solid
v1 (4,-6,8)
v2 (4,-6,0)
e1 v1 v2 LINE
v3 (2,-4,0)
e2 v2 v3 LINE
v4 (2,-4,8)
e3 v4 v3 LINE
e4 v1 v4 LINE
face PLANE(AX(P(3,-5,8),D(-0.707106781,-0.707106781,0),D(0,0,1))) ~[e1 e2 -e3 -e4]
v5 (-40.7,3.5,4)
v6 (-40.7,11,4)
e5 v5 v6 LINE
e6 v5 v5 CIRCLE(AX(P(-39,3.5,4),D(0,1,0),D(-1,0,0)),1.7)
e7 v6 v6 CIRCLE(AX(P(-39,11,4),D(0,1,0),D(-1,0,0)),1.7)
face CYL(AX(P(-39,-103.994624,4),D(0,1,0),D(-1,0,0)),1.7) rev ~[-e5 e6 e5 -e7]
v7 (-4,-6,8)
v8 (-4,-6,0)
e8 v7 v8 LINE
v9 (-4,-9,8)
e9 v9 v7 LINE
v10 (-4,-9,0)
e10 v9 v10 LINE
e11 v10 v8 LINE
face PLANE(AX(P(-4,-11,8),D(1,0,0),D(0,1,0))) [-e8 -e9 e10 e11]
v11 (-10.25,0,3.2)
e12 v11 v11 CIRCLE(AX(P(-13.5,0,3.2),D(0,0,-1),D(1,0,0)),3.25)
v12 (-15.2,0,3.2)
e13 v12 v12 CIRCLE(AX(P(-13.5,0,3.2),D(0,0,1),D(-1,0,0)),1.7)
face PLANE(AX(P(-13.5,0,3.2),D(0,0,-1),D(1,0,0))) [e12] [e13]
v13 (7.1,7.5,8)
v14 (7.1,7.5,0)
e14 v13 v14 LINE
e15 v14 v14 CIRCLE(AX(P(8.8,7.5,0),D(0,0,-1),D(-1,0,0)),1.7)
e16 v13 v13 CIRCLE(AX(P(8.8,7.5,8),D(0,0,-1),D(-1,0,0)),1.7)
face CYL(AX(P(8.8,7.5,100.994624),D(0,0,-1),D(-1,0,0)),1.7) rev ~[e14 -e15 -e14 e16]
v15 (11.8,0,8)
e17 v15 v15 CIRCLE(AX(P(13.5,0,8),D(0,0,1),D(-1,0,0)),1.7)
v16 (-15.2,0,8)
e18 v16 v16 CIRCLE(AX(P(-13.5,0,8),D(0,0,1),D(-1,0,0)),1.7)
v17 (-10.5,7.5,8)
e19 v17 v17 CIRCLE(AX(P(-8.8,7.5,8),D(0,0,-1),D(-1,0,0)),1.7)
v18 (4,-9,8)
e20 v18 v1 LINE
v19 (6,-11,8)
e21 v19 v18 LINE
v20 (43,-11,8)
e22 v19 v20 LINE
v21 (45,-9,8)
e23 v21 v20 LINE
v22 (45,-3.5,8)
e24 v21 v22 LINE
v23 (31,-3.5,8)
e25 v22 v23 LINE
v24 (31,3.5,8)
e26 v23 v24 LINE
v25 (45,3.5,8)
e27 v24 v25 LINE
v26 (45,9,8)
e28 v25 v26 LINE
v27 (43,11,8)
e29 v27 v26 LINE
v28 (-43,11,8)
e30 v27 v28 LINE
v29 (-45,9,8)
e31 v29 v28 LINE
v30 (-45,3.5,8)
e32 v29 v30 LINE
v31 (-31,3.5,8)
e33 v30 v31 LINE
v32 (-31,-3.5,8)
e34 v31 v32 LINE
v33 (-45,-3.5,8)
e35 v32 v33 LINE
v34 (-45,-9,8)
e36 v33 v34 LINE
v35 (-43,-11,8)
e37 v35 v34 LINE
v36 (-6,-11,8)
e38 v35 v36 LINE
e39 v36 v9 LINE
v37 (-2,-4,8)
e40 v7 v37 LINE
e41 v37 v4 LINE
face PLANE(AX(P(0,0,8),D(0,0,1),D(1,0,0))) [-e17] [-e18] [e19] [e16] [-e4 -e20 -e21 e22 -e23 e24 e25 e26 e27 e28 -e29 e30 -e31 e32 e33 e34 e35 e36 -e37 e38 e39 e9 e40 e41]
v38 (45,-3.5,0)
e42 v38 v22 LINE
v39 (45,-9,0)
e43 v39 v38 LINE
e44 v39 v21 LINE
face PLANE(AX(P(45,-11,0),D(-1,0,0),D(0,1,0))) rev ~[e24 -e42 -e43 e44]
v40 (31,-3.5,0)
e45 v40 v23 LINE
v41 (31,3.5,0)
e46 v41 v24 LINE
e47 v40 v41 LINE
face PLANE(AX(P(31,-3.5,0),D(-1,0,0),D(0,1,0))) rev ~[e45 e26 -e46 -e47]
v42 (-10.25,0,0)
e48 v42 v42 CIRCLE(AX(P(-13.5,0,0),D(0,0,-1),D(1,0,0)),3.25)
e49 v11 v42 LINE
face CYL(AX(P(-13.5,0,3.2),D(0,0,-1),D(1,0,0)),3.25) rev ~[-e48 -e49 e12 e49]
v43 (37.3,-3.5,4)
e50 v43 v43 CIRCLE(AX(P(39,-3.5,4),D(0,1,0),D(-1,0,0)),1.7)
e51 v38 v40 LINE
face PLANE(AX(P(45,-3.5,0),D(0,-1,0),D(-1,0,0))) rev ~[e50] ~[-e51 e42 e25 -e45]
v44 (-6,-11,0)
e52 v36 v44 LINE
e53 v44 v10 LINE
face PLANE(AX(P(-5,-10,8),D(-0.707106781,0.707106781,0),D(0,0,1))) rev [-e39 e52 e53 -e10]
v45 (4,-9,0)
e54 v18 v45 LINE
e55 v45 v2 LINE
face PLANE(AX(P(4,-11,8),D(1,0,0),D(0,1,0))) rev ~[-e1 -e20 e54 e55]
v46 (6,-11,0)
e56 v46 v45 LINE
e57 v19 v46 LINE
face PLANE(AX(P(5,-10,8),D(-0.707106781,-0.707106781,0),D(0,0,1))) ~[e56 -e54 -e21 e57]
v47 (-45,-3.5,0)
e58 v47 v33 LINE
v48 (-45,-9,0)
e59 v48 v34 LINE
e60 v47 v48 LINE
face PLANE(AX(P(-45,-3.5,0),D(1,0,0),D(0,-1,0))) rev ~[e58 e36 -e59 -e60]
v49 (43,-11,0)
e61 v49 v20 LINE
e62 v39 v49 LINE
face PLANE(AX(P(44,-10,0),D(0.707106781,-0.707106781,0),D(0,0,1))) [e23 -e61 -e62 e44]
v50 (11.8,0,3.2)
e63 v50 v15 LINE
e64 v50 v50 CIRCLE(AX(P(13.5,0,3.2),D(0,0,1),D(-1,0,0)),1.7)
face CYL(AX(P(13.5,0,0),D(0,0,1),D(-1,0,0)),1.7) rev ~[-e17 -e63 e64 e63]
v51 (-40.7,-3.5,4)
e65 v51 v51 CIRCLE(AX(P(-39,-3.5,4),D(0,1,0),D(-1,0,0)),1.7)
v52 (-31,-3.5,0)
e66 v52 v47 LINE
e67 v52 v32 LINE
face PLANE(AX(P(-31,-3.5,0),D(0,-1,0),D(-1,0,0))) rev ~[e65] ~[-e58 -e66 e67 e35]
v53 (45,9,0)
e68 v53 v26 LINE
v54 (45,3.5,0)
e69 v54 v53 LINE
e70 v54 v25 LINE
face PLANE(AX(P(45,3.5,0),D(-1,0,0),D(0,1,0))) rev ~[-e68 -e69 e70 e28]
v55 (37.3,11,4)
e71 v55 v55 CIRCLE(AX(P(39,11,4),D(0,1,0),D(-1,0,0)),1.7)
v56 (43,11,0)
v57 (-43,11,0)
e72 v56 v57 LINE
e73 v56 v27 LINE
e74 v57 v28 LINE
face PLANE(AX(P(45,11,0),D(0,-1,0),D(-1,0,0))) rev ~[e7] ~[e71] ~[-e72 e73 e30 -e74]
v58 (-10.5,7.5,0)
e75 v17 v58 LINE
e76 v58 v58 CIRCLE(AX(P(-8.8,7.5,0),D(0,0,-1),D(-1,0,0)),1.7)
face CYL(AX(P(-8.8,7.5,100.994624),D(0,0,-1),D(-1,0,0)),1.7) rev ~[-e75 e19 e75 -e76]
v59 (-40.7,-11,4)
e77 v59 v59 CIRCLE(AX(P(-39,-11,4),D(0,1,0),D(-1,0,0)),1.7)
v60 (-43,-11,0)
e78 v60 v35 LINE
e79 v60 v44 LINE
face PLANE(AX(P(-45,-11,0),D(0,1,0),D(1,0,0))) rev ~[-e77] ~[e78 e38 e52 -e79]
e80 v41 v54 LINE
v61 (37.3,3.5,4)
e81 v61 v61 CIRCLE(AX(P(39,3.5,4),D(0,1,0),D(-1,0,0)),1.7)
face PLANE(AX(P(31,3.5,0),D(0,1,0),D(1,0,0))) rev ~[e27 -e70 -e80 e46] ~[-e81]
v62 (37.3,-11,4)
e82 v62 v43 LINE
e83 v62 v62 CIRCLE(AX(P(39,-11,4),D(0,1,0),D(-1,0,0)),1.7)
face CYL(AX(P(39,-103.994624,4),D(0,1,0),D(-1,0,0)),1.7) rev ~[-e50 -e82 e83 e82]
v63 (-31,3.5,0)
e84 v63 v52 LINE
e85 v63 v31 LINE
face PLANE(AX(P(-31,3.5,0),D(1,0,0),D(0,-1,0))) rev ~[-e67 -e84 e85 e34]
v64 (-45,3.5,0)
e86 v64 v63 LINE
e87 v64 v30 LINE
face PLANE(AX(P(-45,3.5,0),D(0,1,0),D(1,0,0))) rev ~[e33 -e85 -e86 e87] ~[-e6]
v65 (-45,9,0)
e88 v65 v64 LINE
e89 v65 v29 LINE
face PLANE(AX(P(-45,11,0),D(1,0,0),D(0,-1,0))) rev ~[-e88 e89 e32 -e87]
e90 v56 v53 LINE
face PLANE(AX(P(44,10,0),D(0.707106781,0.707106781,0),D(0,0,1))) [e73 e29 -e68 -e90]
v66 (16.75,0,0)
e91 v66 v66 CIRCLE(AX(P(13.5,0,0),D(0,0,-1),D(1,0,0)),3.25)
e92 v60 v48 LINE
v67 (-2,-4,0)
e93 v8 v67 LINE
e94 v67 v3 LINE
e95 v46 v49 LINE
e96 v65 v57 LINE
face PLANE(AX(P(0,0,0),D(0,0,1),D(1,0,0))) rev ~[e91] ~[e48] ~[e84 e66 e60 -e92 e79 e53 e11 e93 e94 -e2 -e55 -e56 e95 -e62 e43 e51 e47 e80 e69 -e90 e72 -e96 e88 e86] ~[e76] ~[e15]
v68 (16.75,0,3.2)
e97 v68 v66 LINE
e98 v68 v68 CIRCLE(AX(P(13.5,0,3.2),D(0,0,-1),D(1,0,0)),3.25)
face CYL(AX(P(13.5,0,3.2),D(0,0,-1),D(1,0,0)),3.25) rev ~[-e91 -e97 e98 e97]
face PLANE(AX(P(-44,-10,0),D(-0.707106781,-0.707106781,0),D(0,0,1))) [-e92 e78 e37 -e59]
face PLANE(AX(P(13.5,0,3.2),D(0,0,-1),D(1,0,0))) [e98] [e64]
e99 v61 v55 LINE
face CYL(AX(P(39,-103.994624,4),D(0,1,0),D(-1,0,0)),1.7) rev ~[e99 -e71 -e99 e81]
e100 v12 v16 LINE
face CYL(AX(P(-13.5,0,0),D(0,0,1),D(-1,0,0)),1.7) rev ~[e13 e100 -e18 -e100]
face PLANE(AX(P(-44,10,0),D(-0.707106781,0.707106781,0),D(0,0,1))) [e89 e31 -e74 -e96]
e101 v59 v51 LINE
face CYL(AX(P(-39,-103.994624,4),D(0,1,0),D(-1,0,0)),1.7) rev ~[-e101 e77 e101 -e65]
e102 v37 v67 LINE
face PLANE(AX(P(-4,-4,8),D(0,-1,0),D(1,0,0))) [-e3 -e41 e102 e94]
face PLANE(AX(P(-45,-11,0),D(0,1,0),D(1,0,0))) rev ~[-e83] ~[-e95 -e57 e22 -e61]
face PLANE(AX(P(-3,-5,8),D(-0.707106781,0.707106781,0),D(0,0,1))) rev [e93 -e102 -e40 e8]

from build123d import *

# Parameters (mm, degrees)
F1_DEPTH       = 8
F3_D           = 3.4
F4_D           = 3.4
F4_CBORE_D     = 6.5
F4_CBORE_DEPTH = 3.2
F6_D           = 3.4
F5_W           = 8
F5_H           = 7
F7_DEPTH       = 8
F8_SIZE        = 2


with BuildPart() as f1:
    # F0 (on Top) → F1 (new body)
    with BuildSketch(Plane.XY):
        Polygon((-45, -11), (45, -11), (45, -3.5), (31, -3.5), (31, 3.5), (45, 3.5), (45, 11), (-45, 11), (-45, 3.5), (-31, 3.5), (-31, -3.5), (-45, -3.5), align=None)
    extrude(amount=F1_DEPTH)

    # F3 (through all)
    with Locations(Plane.XZ.offset(11)):
        with Locations((-39, 4), (39, 4)):
            Hole(F3_D / 2)

    # F4 (through all)
    with Locations(Plane(origin=(0, 0, 0), x_dir=(1, 0, 0), z_dir=(0, 0, -1))):
        with Locations((-13.5, 0), (13.5, 0)):
            CounterBoreHole(F4_D / 2, F4_CBORE_D / 2, F4_CBORE_DEPTH)

    # F6 (through all)
    with Locations(Plane.XY.offset(8)):
        with Locations((-8.8, 7.5), (8.8, 7.5)):
            Hole(F6_D / 2)

    # F5 (on face) → F7 (cut, through all)
    with BuildSketch(Plane.XY.offset(8)):
        with Locations((0, -7.5)):
            Rectangle(F5_W, F5_H)
    extrude(amount=-F7_DEPTH, mode=Mode.SUBTRACT)

    # F8
    f8_edges = [f1.edges().sort_by_distance(p)[0] for p in [
        (-45, -11, 4),
        (45, -11, 4),
        (4, -11, 4),
        (4, -4, 4),
        (-4, -4, 4),
        (-4, -11, 4),
        (45, 11, 4),
        (-45, 11, 4),
    ]]
    chamfer(f8_edges, length=F8_SIZE)


solid = f1.part
